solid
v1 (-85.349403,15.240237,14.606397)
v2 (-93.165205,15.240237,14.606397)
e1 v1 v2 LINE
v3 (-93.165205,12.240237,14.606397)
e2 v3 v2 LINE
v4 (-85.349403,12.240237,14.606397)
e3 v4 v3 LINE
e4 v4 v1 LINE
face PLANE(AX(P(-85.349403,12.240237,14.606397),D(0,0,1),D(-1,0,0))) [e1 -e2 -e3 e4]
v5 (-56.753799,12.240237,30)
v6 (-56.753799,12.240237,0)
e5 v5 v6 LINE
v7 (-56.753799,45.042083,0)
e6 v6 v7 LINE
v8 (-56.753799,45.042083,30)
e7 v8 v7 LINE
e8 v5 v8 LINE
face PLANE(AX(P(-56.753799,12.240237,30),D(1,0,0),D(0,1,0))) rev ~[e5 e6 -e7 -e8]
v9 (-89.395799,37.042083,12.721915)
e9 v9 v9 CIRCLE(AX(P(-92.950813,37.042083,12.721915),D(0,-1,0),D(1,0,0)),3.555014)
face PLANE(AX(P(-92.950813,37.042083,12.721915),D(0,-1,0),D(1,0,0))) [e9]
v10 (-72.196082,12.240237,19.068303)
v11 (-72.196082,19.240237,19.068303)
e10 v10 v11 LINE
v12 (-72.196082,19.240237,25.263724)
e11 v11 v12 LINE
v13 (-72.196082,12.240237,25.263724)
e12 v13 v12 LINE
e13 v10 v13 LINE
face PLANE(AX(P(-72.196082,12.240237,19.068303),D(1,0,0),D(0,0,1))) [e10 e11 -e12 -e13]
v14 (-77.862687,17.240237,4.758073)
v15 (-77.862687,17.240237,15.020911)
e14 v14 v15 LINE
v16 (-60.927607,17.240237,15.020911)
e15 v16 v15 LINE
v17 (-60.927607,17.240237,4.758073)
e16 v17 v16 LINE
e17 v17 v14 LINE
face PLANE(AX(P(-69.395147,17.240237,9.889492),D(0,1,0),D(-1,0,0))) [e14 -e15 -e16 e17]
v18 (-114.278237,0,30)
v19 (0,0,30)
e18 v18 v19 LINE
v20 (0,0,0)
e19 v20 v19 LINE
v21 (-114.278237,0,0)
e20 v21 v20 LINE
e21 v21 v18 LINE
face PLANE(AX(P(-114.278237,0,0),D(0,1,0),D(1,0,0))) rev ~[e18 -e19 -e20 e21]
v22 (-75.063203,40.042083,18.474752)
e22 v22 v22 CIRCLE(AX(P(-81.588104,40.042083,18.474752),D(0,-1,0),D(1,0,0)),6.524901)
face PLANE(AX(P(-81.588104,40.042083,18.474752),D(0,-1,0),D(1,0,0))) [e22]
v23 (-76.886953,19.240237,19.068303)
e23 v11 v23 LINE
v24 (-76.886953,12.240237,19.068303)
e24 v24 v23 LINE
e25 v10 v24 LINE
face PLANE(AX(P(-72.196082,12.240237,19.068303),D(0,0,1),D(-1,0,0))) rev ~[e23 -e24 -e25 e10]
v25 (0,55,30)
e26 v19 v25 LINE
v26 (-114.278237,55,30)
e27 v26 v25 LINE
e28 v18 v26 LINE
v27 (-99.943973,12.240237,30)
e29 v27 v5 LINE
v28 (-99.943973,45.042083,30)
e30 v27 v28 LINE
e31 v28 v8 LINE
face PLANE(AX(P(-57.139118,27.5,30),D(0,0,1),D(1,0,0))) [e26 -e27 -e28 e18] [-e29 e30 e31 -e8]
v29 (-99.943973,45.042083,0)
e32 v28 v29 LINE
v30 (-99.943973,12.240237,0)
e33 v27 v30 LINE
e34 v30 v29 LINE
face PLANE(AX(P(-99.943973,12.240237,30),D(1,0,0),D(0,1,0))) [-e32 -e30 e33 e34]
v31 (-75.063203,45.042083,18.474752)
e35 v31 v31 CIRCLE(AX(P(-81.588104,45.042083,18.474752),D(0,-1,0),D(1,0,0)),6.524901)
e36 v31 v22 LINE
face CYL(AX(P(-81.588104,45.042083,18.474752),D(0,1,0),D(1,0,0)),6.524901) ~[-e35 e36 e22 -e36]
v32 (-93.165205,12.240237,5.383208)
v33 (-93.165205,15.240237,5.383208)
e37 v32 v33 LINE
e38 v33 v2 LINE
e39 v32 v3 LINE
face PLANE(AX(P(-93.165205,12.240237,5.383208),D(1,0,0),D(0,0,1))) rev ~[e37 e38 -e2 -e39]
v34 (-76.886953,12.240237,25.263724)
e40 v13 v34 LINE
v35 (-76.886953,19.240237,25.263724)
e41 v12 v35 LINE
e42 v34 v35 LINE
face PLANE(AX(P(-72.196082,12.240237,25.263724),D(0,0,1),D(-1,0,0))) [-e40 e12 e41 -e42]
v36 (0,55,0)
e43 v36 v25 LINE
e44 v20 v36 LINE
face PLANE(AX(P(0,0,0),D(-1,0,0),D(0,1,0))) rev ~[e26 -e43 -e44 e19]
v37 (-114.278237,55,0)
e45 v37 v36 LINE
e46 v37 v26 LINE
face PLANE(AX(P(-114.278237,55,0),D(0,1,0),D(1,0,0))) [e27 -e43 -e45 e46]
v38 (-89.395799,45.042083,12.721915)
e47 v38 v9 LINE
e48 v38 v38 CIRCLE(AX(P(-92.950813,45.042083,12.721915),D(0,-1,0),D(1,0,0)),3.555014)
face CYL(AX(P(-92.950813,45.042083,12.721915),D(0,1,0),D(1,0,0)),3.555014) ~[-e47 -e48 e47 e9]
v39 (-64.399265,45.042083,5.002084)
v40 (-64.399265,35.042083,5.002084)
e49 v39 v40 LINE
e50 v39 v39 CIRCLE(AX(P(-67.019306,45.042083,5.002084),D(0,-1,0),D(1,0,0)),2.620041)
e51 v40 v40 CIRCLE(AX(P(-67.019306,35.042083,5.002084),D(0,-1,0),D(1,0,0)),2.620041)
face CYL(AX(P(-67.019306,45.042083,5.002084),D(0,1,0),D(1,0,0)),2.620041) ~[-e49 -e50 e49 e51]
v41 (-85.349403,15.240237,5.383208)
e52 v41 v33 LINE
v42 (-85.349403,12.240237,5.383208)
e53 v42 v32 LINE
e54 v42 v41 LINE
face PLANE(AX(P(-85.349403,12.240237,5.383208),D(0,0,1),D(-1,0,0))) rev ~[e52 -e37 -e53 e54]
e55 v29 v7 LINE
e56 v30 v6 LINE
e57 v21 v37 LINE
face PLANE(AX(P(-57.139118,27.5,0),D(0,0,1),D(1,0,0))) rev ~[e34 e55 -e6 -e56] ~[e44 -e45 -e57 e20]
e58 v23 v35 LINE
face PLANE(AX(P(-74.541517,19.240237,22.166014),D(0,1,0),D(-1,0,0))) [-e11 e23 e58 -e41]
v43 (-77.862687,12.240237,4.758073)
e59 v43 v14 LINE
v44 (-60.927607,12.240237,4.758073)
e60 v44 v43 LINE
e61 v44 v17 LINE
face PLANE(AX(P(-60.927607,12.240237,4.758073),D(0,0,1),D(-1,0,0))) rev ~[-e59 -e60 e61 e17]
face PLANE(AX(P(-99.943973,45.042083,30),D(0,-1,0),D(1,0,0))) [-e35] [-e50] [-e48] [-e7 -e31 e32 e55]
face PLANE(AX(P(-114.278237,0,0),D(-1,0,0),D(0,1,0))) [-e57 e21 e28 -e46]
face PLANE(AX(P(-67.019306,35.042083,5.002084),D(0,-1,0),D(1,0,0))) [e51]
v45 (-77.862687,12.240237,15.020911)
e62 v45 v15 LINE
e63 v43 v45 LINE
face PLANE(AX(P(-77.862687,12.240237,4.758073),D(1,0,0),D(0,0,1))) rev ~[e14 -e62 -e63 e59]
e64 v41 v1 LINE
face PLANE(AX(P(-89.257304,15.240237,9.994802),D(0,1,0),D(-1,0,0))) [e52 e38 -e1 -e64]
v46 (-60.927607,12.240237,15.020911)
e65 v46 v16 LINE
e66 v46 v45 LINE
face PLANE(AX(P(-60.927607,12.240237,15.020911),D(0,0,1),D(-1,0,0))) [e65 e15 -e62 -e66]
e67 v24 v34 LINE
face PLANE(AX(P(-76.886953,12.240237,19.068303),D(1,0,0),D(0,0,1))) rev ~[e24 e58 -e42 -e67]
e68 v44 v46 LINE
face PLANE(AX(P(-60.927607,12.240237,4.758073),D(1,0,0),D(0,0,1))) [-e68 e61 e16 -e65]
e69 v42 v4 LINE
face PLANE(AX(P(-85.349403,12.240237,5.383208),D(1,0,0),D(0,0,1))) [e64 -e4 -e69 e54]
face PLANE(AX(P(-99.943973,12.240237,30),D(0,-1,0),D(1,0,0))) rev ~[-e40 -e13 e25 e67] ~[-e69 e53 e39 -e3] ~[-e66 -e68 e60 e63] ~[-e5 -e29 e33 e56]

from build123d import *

# Parameters (mm, degrees)
F0_W      = 114.278237
F0_H      = 55
F1_DEPTH  = 30
F2_W      = 43.190174
F2_H      = 32.801846
F3_DEPTH  = 30.001
F4_W      = 7.815801
F4_H      = 9.223189
F5_DEPTH  = 3
F6_W      = 4.690871
F6_H      = 6.195421
F7_DEPTH  = 7
F8_W      = 16.93508
F8_H      = 10.262838
F9_DEPTH  = 5
F10_R     = 3.555014
F11_DEPTH = 8
F12_R     = 6.524901
F13_DEPTH = 5
F14_R     = 2.620041
F15_DEPTH = 10


with BuildPart() as f1:
    # F0 (on Top) → F1 (new body)
    with BuildSketch(Plane.XY):
        with Locations((-57.139118, 27.5)):
            Rectangle(F0_W, F0_H)
    extrude(amount=F1_DEPTH)

    # F2 (on face) → F3 (cut, through all)
    with BuildSketch(Plane.XY.offset(30)):
        with Locations((-78.348886, 28.64116)):
            Rectangle(F2_W, F2_H)
    extrude(amount=-F3_DEPTH, mode=Mode.SUBTRACT)

    # F4 (on face) → F5 (join)
    with BuildSketch(Plane(origin=(0, 12.240237, 0), x_dir=(-1, 0, 0), z_dir=(0, 1, 0))):
        with Locations((89.257304, 9.994802)):
            Rectangle(F4_W, F4_H)
    extrude(amount=F5_DEPTH)

    # F6 (on face) → F7 (join)
    with BuildSketch(Plane(origin=(0, 12.240237, 0), x_dir=(-1, 0, 0), z_dir=(0, 1, 0))):
        with Locations((74.541517, 22.166014)):
            Rectangle(F6_W, F6_H)
    extrude(amount=F7_DEPTH)

    # F8 (on face) → F9 (join)
    with BuildSketch(Plane(origin=(0, 12.240237, 0), x_dir=(-1, 0, 0), z_dir=(0, 1, 0))):
        with Locations((69.395147, 9.889492)):
            Rectangle(F8_W, F8_H)
    extrude(amount=F9_DEPTH)

    # F10 (on face) → F11 (join)
    with BuildSketch(Plane.XZ.offset(-45.042083)):
        with Locations((-92.950813, 12.721915)):
            Circle(F10_R)
    extrude(amount=F11_DEPTH)

    # F12 (on face) → F13 (join)
    with BuildSketch(Plane.XZ.offset(-45.042083)):
        with Locations((-81.588104, 18.474752)):
            Circle(F12_R)
    extrude(amount=F13_DEPTH)

    # F14 (on face) → F15 (join)
    with BuildSketch(Plane.XZ.offset(-45.042083)):
        with Locations((-67.019306, 5.002084)):
            Circle(F14_R)
    extrude(amount=F15_DEPTH)


solid = f1.part
